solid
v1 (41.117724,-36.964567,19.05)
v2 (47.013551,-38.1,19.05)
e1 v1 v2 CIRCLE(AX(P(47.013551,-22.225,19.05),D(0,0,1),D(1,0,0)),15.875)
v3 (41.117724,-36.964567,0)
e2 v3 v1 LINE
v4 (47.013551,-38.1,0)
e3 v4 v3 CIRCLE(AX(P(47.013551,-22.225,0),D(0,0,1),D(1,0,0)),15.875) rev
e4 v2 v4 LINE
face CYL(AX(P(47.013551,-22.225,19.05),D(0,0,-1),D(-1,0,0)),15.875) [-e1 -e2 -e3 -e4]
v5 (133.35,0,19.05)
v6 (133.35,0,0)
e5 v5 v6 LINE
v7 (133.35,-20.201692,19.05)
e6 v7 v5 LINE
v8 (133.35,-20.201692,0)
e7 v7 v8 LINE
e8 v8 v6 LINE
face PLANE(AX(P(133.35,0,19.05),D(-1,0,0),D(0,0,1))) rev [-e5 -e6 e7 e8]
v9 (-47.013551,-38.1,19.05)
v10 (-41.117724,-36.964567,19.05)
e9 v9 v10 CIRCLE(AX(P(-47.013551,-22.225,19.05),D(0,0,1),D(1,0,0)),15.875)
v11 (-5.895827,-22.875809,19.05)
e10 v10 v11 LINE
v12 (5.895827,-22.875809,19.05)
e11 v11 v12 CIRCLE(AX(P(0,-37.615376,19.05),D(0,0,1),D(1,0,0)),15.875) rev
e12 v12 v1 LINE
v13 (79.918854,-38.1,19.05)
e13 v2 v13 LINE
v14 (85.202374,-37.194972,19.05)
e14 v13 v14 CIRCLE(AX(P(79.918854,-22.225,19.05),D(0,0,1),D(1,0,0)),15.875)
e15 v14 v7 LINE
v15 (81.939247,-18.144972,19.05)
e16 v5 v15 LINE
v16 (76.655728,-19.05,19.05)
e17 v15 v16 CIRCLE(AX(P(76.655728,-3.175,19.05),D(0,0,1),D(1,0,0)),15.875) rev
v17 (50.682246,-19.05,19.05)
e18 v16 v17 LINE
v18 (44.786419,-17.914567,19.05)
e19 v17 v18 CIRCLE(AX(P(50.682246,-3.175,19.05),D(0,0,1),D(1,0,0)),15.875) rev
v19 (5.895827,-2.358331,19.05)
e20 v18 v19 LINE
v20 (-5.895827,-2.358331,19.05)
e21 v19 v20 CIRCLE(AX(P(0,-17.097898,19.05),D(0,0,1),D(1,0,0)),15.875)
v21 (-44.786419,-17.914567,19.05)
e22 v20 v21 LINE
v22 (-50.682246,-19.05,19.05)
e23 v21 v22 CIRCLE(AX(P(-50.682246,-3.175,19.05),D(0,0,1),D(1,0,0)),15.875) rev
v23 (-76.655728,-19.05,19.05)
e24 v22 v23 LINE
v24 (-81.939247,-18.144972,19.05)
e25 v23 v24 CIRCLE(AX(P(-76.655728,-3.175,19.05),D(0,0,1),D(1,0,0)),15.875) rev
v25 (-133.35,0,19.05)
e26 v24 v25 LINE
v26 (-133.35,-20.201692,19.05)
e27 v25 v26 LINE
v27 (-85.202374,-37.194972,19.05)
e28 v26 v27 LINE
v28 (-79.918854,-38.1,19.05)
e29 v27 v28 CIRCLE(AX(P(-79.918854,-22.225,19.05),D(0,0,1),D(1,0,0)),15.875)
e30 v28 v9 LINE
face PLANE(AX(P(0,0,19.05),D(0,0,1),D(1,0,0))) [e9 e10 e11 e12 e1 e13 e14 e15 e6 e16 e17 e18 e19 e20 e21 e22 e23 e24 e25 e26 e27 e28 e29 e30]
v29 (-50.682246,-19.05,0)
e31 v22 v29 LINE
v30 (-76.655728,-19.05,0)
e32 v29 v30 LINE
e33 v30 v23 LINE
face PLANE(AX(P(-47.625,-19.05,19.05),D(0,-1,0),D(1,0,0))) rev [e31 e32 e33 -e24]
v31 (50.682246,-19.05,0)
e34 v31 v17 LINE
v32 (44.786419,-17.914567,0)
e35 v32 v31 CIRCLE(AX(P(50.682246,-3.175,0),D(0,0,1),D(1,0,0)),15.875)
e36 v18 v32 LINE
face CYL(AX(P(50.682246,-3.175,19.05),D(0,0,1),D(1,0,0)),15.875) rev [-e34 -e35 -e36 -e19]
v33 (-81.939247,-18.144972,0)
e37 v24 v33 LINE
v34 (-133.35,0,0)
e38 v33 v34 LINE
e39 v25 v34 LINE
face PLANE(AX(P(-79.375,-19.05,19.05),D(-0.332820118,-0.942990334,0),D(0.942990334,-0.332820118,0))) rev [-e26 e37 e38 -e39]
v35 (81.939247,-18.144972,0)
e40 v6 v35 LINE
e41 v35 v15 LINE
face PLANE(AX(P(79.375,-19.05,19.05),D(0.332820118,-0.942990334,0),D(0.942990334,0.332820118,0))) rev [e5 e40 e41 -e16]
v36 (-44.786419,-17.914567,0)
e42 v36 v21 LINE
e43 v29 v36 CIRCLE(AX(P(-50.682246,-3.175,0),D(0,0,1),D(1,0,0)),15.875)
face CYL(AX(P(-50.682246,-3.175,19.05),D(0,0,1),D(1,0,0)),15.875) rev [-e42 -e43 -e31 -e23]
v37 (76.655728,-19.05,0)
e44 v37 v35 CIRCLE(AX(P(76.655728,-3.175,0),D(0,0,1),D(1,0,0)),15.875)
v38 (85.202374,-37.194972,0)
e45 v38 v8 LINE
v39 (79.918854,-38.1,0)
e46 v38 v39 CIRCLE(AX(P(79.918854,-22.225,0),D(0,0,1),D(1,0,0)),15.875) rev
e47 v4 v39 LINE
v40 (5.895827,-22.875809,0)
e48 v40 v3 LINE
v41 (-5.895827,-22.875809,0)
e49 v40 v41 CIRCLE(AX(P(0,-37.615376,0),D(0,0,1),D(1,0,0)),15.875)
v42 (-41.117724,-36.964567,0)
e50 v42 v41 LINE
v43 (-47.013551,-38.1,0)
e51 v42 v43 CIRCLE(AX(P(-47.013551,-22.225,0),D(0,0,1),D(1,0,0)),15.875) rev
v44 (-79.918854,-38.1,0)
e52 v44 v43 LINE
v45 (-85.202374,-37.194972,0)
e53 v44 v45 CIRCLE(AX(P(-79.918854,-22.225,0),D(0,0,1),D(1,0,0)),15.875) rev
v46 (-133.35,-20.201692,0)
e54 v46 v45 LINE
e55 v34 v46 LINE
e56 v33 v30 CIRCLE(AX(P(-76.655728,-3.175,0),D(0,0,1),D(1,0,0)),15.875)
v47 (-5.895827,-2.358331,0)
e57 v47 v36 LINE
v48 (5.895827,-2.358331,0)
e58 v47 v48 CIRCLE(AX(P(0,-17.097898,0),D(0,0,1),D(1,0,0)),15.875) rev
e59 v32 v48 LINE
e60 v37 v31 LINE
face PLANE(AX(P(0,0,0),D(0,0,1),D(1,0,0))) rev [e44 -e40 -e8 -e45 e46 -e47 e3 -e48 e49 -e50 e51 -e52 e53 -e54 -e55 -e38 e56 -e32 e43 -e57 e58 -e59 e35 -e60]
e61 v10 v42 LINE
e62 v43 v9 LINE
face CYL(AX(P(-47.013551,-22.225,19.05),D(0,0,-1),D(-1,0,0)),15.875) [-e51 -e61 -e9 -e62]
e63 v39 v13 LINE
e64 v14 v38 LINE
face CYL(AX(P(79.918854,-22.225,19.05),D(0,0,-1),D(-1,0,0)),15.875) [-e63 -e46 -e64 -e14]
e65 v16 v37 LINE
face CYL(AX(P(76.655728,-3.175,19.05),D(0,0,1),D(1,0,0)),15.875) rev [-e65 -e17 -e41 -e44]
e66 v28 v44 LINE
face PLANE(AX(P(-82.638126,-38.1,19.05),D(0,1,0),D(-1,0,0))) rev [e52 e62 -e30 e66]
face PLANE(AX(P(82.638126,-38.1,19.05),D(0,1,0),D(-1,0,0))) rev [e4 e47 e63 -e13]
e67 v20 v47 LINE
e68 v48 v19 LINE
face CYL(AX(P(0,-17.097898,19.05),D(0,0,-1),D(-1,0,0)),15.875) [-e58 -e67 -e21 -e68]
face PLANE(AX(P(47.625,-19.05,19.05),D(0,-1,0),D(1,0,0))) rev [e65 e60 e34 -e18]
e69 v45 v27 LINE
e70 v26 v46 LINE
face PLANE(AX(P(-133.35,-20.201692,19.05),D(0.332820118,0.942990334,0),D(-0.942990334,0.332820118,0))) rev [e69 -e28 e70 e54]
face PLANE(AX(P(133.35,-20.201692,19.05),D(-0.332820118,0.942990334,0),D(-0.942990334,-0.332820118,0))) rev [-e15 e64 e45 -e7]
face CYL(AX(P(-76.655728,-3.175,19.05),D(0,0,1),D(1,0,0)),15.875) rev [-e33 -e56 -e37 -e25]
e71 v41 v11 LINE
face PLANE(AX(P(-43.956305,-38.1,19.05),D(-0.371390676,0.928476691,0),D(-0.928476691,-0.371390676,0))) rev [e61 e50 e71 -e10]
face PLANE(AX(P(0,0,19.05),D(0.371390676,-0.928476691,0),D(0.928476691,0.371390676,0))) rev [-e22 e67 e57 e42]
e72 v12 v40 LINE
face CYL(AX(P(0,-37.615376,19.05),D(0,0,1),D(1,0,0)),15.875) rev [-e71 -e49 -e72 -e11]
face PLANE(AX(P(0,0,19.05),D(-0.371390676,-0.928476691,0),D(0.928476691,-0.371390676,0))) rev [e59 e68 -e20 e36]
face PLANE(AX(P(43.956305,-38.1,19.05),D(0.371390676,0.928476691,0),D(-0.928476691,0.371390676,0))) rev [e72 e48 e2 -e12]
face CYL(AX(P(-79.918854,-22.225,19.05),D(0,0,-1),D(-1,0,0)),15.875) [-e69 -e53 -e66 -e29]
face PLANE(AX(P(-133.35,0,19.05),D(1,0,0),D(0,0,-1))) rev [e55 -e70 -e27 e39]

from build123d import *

# Parameters (mm, degrees)
BOSS_EXTRUDE1_DEPTH = 19.05
FILLET1_R           = 15.875


with BuildPart() as part:
    # Sketch1 → Boss-Extrude1 (new body)
    with BuildSketch(Plane.XY):
        Polygon((0, 0), (47.625, -19.05), (79.375, -19.05), (133.35, 0), (133.35, -20.201691705), (82.638126498, -38.1), (43.956305212, -38.1), (0, -20.517477915), (-43.956305212, -38.1), (-82.638126498, -38.1), (-133.35, -20.201691705), (-133.35, 0), (-79.375, -19.05), (-47.625, -19.05), align=None)
    extrude(amount=BOSS_EXTRUDE1_DEPTH)

    # Fillet1
    fillet1_edges = [part.edges().sort_by_distance(p)[0] for p in [
        (0, 0, 9.525),
        (47.625, -19.05, 9.525),
        (79.375, -19.05, 9.525),
        (82.638126498, -38.1, 9.525),
        (43.956305212, -38.1, 9.525),
        (0, -20.517477915, 9.525),
        (-43.956305212, -38.1, 9.525),
        (-82.638126498, -38.1, 9.525),
        (-79.375, -19.05, 9.525),
        (-47.625, -19.05, 9.525),
    ]]
    fillet(fillet1_edges, radius=FILLET1_R)


solid = part.part
